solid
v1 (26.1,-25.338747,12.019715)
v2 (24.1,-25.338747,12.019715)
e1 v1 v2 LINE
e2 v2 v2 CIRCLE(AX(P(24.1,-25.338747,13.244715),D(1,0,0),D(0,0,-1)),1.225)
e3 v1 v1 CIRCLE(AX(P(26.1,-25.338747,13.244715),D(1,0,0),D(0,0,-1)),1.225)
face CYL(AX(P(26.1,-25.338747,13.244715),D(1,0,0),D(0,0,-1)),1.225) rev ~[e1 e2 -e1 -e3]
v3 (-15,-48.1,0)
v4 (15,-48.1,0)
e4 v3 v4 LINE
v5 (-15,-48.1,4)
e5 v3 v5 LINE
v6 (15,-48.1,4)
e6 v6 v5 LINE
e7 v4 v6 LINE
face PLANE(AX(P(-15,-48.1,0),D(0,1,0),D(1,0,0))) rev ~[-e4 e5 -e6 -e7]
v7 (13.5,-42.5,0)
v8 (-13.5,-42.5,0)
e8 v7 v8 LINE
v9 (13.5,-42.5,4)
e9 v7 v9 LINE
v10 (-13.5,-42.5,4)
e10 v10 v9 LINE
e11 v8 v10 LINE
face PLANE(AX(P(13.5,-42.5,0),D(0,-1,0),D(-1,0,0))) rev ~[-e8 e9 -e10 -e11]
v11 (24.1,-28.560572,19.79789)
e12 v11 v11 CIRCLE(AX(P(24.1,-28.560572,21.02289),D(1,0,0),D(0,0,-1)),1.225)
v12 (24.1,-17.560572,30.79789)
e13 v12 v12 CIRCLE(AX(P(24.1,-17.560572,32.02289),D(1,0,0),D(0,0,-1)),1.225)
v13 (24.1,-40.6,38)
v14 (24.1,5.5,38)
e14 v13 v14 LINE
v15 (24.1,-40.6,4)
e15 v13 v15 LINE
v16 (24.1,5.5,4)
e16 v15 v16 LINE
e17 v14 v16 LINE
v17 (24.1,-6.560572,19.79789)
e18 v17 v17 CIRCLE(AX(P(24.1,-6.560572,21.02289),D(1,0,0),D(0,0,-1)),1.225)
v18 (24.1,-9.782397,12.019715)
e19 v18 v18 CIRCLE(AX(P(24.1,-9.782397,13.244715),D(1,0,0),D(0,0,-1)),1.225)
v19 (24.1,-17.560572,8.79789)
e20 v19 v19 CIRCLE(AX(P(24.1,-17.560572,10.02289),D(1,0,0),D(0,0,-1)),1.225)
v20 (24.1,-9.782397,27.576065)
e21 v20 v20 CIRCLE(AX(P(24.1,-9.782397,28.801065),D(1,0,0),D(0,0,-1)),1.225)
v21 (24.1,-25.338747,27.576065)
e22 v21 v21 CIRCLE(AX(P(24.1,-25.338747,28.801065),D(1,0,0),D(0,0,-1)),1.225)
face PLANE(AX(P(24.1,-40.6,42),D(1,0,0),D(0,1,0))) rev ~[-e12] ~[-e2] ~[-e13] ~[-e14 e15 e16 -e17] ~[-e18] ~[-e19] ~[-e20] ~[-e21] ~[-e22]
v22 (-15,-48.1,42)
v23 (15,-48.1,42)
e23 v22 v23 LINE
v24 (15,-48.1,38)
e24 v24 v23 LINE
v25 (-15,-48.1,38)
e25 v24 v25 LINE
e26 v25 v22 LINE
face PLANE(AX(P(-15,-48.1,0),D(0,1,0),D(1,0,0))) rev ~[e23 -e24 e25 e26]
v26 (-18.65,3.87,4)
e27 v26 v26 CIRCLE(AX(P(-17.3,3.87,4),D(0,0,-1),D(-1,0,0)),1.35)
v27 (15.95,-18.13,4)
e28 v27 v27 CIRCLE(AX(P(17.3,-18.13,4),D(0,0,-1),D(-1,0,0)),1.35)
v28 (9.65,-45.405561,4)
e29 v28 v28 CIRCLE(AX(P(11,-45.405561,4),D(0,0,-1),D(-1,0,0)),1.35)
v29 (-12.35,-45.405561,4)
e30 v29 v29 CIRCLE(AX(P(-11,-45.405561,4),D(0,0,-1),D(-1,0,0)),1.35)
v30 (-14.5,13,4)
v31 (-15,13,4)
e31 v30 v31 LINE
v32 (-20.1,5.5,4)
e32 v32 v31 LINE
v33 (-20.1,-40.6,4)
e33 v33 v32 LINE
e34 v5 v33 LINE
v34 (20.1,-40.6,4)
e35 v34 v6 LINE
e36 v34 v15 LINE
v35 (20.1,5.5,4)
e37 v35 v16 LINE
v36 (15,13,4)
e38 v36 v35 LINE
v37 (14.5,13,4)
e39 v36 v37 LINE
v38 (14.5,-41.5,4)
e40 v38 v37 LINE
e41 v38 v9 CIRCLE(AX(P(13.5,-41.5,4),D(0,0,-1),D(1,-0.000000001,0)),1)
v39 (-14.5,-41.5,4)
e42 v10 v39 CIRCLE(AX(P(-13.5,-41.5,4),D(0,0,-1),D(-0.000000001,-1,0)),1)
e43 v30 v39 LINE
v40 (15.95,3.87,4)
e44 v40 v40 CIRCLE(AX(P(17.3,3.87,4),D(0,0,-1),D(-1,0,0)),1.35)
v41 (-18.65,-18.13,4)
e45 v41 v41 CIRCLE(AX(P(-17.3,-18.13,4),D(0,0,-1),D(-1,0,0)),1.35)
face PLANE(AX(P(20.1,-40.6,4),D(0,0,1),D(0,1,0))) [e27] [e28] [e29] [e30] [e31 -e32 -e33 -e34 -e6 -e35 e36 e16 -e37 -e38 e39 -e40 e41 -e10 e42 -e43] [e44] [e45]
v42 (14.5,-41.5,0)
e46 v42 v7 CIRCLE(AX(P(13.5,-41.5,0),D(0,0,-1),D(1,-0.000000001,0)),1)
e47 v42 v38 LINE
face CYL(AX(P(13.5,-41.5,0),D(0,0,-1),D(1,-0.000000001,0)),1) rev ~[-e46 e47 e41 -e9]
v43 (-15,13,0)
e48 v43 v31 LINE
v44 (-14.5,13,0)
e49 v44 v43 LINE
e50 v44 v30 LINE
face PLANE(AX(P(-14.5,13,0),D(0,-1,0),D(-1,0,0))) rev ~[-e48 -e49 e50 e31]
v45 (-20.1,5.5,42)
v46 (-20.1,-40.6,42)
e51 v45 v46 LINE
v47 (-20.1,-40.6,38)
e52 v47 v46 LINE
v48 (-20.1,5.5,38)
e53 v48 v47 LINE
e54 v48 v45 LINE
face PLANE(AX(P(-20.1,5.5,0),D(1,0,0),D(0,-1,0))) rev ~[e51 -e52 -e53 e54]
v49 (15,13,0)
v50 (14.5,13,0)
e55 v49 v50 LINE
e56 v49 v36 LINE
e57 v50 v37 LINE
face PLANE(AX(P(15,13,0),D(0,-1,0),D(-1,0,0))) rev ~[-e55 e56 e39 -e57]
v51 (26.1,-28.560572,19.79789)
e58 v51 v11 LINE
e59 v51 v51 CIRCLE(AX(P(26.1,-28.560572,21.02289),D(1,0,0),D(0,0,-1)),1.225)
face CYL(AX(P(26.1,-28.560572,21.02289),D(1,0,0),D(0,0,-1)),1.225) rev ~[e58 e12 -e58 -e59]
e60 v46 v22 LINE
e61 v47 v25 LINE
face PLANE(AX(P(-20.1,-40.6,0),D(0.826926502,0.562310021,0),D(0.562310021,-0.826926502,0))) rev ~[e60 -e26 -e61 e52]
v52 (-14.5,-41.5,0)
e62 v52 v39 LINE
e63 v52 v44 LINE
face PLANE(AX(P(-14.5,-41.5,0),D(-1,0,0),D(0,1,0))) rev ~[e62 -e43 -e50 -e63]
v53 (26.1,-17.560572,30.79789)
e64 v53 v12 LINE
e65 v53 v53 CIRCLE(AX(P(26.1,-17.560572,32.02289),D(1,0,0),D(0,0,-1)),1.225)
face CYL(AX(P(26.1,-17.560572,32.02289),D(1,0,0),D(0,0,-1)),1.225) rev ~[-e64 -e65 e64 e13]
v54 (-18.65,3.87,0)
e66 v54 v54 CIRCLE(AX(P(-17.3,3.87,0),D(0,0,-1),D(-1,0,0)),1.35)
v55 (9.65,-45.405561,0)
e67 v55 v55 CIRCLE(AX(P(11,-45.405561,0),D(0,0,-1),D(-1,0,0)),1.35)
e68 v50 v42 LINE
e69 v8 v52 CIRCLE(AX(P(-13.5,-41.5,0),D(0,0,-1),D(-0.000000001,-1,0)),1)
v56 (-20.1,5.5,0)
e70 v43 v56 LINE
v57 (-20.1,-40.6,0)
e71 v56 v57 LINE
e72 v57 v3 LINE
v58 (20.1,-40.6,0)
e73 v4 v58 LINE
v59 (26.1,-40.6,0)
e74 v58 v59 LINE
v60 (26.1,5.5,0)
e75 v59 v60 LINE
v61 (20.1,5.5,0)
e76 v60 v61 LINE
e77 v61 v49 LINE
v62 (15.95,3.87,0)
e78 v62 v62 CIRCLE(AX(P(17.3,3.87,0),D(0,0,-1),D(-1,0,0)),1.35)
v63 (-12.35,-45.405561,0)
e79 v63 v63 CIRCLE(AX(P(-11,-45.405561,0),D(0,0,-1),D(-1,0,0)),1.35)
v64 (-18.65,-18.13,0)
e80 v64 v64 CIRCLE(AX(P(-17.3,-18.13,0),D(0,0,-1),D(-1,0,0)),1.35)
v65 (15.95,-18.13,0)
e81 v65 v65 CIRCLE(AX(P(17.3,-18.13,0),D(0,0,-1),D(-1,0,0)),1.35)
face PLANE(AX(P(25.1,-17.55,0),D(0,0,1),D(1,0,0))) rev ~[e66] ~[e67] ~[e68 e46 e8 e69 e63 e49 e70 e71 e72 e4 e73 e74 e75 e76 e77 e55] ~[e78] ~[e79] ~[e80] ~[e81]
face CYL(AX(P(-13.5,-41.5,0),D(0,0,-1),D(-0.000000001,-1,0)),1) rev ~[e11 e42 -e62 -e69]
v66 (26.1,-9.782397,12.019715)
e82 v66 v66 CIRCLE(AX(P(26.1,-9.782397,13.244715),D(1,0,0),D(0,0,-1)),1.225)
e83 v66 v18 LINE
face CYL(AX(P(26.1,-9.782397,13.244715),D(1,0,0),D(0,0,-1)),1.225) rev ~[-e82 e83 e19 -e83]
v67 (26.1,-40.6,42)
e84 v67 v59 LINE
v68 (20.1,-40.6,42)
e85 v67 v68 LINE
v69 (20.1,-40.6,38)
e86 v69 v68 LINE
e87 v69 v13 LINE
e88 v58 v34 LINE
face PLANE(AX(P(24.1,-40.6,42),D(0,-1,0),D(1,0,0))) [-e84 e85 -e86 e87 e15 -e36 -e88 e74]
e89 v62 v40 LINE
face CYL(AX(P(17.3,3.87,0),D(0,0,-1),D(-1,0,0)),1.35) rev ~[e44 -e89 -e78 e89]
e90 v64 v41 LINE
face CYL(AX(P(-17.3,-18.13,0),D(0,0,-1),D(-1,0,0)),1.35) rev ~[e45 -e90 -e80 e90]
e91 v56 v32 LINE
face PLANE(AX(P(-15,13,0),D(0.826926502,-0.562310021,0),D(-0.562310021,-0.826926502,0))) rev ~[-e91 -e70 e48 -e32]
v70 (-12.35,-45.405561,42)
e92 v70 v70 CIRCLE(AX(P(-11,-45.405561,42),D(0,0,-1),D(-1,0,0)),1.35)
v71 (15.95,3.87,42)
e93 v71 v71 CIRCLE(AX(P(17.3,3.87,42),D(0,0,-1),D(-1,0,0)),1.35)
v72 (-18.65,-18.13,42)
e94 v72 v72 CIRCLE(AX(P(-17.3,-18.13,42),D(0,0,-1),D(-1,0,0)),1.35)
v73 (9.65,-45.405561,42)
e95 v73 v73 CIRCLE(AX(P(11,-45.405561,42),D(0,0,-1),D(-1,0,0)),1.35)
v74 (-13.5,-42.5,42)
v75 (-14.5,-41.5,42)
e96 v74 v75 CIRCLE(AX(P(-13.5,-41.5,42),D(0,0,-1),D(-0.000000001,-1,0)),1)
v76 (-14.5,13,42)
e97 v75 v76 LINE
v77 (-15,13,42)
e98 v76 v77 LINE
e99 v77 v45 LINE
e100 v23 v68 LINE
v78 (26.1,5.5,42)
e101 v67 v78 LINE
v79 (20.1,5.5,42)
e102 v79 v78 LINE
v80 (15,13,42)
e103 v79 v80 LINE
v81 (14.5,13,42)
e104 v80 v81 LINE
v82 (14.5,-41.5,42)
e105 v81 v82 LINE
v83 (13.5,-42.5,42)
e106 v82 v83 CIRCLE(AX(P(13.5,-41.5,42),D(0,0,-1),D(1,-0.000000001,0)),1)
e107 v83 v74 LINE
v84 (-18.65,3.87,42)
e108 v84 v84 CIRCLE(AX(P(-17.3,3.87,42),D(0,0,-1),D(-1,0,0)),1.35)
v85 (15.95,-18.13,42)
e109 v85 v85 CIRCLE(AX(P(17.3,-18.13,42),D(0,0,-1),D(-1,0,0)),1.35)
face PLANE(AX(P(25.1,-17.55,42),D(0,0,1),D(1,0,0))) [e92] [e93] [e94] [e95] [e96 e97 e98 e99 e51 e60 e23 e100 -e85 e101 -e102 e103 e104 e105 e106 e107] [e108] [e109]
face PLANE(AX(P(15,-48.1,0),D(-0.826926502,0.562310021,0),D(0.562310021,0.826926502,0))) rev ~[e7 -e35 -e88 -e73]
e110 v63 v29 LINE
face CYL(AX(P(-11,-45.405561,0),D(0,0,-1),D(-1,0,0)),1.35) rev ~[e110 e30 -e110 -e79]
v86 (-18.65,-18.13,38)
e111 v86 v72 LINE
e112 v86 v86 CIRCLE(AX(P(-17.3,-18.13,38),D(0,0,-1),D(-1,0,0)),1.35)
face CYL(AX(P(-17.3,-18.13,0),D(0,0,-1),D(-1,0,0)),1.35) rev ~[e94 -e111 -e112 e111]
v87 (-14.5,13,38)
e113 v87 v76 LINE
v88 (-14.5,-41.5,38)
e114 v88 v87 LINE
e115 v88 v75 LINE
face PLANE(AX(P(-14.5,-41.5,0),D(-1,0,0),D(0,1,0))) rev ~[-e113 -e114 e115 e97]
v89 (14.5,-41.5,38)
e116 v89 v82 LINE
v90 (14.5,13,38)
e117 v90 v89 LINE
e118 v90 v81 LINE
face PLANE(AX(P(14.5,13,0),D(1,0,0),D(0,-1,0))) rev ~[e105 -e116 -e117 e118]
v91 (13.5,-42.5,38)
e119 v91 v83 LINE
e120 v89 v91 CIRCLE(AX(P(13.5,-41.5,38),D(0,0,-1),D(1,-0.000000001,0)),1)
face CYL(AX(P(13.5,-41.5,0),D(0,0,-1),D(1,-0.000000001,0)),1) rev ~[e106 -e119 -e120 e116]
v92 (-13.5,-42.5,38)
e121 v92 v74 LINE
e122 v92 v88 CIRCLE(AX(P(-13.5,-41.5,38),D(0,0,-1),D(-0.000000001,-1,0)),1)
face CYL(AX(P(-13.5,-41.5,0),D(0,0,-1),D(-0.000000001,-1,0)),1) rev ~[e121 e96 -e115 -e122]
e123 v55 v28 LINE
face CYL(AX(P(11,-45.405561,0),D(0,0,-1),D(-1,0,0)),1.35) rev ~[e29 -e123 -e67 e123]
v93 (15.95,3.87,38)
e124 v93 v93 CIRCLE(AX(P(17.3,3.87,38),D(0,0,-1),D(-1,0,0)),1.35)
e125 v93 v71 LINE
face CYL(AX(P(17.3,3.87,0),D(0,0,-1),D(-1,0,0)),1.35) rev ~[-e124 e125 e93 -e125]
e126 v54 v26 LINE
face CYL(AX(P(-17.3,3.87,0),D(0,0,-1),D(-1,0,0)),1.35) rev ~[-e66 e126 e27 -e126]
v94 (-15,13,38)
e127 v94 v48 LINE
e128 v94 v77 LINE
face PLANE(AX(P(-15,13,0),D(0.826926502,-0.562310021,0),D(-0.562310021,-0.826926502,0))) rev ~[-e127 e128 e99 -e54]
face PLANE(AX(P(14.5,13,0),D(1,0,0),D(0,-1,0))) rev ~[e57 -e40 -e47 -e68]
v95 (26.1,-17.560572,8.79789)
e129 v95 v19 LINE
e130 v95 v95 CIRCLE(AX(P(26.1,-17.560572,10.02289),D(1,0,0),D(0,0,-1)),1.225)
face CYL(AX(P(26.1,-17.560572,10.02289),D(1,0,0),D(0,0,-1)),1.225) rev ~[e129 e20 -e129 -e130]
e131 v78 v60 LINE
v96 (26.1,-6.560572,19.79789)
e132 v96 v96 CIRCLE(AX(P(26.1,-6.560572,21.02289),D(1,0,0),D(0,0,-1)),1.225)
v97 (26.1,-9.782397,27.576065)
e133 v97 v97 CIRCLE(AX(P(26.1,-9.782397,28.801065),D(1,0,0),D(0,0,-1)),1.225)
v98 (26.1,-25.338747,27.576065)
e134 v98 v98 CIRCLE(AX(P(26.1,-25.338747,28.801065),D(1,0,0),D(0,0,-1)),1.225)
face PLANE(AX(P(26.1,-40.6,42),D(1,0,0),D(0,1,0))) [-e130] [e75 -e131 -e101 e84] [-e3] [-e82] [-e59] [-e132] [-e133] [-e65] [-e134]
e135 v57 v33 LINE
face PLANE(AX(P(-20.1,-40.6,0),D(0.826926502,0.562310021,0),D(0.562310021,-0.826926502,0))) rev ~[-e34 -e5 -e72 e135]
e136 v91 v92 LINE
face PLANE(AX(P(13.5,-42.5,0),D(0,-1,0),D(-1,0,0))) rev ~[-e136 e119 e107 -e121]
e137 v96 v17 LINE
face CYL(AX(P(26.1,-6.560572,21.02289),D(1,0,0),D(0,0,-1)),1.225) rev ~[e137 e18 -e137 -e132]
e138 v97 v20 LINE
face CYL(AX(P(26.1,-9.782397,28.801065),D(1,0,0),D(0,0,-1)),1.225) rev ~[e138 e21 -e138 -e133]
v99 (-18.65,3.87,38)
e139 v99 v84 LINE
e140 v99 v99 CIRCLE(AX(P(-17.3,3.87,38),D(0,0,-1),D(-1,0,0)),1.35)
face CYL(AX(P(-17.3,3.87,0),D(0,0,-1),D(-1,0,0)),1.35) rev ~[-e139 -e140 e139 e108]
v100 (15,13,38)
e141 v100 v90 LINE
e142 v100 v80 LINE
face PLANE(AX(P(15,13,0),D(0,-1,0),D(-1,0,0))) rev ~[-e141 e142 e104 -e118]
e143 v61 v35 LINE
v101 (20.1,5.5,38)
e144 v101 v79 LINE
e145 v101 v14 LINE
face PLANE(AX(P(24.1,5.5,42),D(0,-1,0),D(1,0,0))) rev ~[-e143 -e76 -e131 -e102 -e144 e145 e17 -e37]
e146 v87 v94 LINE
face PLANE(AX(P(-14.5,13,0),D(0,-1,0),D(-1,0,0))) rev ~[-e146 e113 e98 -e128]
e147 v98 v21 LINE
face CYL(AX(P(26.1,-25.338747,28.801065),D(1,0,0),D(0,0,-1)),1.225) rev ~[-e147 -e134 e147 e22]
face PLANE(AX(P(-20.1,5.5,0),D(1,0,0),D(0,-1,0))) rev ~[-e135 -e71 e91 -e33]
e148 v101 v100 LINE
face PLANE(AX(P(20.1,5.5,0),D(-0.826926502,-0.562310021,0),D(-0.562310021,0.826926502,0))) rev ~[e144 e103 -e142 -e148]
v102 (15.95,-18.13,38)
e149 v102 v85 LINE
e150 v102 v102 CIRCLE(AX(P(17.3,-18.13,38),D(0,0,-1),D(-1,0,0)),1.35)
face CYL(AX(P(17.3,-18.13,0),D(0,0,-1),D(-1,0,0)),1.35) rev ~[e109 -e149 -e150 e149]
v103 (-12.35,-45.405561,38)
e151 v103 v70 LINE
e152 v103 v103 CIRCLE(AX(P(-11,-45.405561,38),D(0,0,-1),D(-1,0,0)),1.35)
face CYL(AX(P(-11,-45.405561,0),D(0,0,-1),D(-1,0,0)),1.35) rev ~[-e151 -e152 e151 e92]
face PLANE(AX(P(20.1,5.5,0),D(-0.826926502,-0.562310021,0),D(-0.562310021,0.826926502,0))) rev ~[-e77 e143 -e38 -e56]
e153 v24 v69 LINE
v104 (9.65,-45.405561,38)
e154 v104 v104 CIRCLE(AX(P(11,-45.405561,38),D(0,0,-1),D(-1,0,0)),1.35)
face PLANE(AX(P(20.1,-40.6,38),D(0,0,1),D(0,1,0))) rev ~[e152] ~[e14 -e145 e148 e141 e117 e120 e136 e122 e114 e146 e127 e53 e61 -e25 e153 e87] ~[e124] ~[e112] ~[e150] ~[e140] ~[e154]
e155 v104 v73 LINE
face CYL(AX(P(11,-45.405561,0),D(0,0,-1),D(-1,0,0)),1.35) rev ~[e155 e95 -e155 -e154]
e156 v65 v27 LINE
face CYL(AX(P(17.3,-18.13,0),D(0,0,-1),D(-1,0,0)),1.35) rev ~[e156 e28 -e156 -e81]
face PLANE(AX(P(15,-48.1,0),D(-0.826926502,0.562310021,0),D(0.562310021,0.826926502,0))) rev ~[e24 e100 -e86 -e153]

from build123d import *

# Parameters (mm, degrees)
EXTRUDE_2_DEPTH     = 42
SKETCH_2_R          = 1.35
CUT_EXTRUDE_1_DEPTH = 45
CUT_EXTRUDE_2_DEPTH = 45
SKETCH_4_W          = 4
SKETCH_4_H          = 46.1
EXTRUDE_3_DEPTH     = 4
SKETCH_5_W          = 2
SKETCH_5_H          = 46.1
EXTRUDE_4_DEPTH     = 42
SKETCH_6_R          = 1.225
CUT_EXTRUDE_3_DEPTH = 10


with BuildPart() as part:
    # 스케치1 → 보스-돌출2 (new body)
    with BuildSketch(Plane.XY):
        with BuildLine():
            Line((-14.5, -41.5), (-14.5, 11.5))
            Line((-14.5, 11.5), (-14.5, 13))
            Line((-14.5, 13), (-15, 13))
            Line((-15, 13), (-20.1, 5.5))
            Line((-20.1, 5.5), (-20.1, -40.6))
            Line((-20.1, -40.6), (-15, -48.1))
            Line((-15, -48.1), (15, -48.1))
            Line((15, -48.1), (20.1, -40.6))
            Line((20.1, -40.6), (20.1, 5.5))
            Line((20.1, 5.5), (15, 13))
            Line((15, 13), (14.5, 13))
            Line((14.5, 13), (14.5, 11.5))
            Line((14.5, 11.5), (14.5, -41.5))
            ThreePointArc((14.5, -41.5), (14.207106781, -42.207106781), (13.5, -42.5))
            Line((13.5, -42.5), (-13.5, -42.5))
            ThreePointArc((-13.5, -42.5), (-14.207106781, -42.207106781), (-14.5, -41.5))
        make_face()
    extrude(amount=EXTRUDE_2_DEPTH)

    # 스케치2 → 컷-돌출1 (cut)
    with BuildSketch(Plane(origin=(0, 0, 0), x_dir=(-1, 0, 0), z_dir=(0, 0, -1))):
        with Locations((-11, -45.405560676)):
            Circle(SKETCH_2_R)
        with Locations((11, -45.405560676)):
            Circle(SKETCH_2_R)
        with Locations((17.3, 3.87)):
            Circle(SKETCH_2_R)
        with Locations((17.3, -18.13)):
            Circle(SKETCH_2_R)
        with Locations((-17.3, 3.87)):
            Circle(SKETCH_2_R)
        with Locations((-17.3, -18.13)):
            Circle(SKETCH_2_R)
    extrude(amount=-CUT_EXTRUDE_1_DEPTH, mode=Mode.SUBTRACT)

    # 스케치3 → 컷-돌출2 (cut)
    with BuildSketch(Plane(origin=(20.1, 0, 0), x_dir=(0, 0, -1), z_dir=(1, 0, 0))):
        Polygon((-38, 5.5), (-38, -40.6), (-38, -48.1), (-4, -48.1), (-4, -40.6), (-4, 5.5), (-4, 13), (-38, 13), align=None)
    extrude(amount=-CUT_EXTRUDE_2_DEPTH, mode=Mode.SUBTRACT)


with BuildPart() as cut_extrude_2_piece_1:
    # of the separate pieces the step leaves, piece 1, a body of its own (cut_extrude_2_pieces)
    add(part.part.solids().sort_by_distance((-14.5, -41.5, 38))[0])



with BuildPart() as cut_extrude_2_piece_2:
    # of the separate pieces the step leaves, piece 2, a body of its own (cut_extrude_2_pieces)
    add(part.part.solids().sort_by_distance((-14.5, -41.5, 0))[0])


with BuildPart() as cut_extrude_2_piece_1_1:
    add(cut_extrude_2_piece_1.part)

    add(cut_extrude_2_piece_2.part)  # 보스-돌출3 merges 컷-돌출2 piece 2
    # 스케치4 → 보스-돌출3 (add)
    with BuildSketch(Plane(origin=(20.1, 0, 0), x_dir=(0, 0, -1), z_dir=(1, 0, 0))):
        with Locations((-40, -17.55)):
            Rectangle(SKETCH_4_W, SKETCH_4_H)
        with Locations((-2, -17.55)):
            Rectangle(SKETCH_4_W, SKETCH_4_H)
    extrude(amount=EXTRUDE_3_DEPTH)

    # 스케치5 → 보스-돌출4 (add)
    with BuildSketch(Plane.XY.offset(42)):
        with Locations((25.1, -17.55)):
            Rectangle(SKETCH_5_W, SKETCH_5_H)
    extrude(amount=-EXTRUDE_4_DEPTH)

    # 스케치6 → 컷-돌출3 (cut)
    with BuildSketch(Plane(origin=(26.1, 0, 0), x_dir=(0, 0, -1), z_dir=(1, 0, 0))):
        with Locations((-28.801064549, -9.782397482)):
            Circle(SKETCH_6_R)
        with Locations((-21.022889956, -6.560572075)):
            Circle(SKETCH_6_R)
        with Locations((-13.244715363, -9.782397482)):
            Circle(SKETCH_6_R)
        with Locations((-10.022889956, -17.560572075)):
            Circle(SKETCH_6_R)
        with Locations((-13.244715363, -25.338746668)):
            Circle(SKETCH_6_R)
        with Locations((-21.022889956, -28.560572075)):
            Circle(SKETCH_6_R)
        with Locations((-28.801064549, -25.338746668)):
            Circle(SKETCH_6_R)
        with Locations((-32.022889956, -17.560572075)):
            Circle(SKETCH_6_R)
    extrude(amount=-CUT_EXTRUDE_3_DEPTH, mode=Mode.SUBTRACT)


solid = cut_extrude_2_piece_1_1.part
